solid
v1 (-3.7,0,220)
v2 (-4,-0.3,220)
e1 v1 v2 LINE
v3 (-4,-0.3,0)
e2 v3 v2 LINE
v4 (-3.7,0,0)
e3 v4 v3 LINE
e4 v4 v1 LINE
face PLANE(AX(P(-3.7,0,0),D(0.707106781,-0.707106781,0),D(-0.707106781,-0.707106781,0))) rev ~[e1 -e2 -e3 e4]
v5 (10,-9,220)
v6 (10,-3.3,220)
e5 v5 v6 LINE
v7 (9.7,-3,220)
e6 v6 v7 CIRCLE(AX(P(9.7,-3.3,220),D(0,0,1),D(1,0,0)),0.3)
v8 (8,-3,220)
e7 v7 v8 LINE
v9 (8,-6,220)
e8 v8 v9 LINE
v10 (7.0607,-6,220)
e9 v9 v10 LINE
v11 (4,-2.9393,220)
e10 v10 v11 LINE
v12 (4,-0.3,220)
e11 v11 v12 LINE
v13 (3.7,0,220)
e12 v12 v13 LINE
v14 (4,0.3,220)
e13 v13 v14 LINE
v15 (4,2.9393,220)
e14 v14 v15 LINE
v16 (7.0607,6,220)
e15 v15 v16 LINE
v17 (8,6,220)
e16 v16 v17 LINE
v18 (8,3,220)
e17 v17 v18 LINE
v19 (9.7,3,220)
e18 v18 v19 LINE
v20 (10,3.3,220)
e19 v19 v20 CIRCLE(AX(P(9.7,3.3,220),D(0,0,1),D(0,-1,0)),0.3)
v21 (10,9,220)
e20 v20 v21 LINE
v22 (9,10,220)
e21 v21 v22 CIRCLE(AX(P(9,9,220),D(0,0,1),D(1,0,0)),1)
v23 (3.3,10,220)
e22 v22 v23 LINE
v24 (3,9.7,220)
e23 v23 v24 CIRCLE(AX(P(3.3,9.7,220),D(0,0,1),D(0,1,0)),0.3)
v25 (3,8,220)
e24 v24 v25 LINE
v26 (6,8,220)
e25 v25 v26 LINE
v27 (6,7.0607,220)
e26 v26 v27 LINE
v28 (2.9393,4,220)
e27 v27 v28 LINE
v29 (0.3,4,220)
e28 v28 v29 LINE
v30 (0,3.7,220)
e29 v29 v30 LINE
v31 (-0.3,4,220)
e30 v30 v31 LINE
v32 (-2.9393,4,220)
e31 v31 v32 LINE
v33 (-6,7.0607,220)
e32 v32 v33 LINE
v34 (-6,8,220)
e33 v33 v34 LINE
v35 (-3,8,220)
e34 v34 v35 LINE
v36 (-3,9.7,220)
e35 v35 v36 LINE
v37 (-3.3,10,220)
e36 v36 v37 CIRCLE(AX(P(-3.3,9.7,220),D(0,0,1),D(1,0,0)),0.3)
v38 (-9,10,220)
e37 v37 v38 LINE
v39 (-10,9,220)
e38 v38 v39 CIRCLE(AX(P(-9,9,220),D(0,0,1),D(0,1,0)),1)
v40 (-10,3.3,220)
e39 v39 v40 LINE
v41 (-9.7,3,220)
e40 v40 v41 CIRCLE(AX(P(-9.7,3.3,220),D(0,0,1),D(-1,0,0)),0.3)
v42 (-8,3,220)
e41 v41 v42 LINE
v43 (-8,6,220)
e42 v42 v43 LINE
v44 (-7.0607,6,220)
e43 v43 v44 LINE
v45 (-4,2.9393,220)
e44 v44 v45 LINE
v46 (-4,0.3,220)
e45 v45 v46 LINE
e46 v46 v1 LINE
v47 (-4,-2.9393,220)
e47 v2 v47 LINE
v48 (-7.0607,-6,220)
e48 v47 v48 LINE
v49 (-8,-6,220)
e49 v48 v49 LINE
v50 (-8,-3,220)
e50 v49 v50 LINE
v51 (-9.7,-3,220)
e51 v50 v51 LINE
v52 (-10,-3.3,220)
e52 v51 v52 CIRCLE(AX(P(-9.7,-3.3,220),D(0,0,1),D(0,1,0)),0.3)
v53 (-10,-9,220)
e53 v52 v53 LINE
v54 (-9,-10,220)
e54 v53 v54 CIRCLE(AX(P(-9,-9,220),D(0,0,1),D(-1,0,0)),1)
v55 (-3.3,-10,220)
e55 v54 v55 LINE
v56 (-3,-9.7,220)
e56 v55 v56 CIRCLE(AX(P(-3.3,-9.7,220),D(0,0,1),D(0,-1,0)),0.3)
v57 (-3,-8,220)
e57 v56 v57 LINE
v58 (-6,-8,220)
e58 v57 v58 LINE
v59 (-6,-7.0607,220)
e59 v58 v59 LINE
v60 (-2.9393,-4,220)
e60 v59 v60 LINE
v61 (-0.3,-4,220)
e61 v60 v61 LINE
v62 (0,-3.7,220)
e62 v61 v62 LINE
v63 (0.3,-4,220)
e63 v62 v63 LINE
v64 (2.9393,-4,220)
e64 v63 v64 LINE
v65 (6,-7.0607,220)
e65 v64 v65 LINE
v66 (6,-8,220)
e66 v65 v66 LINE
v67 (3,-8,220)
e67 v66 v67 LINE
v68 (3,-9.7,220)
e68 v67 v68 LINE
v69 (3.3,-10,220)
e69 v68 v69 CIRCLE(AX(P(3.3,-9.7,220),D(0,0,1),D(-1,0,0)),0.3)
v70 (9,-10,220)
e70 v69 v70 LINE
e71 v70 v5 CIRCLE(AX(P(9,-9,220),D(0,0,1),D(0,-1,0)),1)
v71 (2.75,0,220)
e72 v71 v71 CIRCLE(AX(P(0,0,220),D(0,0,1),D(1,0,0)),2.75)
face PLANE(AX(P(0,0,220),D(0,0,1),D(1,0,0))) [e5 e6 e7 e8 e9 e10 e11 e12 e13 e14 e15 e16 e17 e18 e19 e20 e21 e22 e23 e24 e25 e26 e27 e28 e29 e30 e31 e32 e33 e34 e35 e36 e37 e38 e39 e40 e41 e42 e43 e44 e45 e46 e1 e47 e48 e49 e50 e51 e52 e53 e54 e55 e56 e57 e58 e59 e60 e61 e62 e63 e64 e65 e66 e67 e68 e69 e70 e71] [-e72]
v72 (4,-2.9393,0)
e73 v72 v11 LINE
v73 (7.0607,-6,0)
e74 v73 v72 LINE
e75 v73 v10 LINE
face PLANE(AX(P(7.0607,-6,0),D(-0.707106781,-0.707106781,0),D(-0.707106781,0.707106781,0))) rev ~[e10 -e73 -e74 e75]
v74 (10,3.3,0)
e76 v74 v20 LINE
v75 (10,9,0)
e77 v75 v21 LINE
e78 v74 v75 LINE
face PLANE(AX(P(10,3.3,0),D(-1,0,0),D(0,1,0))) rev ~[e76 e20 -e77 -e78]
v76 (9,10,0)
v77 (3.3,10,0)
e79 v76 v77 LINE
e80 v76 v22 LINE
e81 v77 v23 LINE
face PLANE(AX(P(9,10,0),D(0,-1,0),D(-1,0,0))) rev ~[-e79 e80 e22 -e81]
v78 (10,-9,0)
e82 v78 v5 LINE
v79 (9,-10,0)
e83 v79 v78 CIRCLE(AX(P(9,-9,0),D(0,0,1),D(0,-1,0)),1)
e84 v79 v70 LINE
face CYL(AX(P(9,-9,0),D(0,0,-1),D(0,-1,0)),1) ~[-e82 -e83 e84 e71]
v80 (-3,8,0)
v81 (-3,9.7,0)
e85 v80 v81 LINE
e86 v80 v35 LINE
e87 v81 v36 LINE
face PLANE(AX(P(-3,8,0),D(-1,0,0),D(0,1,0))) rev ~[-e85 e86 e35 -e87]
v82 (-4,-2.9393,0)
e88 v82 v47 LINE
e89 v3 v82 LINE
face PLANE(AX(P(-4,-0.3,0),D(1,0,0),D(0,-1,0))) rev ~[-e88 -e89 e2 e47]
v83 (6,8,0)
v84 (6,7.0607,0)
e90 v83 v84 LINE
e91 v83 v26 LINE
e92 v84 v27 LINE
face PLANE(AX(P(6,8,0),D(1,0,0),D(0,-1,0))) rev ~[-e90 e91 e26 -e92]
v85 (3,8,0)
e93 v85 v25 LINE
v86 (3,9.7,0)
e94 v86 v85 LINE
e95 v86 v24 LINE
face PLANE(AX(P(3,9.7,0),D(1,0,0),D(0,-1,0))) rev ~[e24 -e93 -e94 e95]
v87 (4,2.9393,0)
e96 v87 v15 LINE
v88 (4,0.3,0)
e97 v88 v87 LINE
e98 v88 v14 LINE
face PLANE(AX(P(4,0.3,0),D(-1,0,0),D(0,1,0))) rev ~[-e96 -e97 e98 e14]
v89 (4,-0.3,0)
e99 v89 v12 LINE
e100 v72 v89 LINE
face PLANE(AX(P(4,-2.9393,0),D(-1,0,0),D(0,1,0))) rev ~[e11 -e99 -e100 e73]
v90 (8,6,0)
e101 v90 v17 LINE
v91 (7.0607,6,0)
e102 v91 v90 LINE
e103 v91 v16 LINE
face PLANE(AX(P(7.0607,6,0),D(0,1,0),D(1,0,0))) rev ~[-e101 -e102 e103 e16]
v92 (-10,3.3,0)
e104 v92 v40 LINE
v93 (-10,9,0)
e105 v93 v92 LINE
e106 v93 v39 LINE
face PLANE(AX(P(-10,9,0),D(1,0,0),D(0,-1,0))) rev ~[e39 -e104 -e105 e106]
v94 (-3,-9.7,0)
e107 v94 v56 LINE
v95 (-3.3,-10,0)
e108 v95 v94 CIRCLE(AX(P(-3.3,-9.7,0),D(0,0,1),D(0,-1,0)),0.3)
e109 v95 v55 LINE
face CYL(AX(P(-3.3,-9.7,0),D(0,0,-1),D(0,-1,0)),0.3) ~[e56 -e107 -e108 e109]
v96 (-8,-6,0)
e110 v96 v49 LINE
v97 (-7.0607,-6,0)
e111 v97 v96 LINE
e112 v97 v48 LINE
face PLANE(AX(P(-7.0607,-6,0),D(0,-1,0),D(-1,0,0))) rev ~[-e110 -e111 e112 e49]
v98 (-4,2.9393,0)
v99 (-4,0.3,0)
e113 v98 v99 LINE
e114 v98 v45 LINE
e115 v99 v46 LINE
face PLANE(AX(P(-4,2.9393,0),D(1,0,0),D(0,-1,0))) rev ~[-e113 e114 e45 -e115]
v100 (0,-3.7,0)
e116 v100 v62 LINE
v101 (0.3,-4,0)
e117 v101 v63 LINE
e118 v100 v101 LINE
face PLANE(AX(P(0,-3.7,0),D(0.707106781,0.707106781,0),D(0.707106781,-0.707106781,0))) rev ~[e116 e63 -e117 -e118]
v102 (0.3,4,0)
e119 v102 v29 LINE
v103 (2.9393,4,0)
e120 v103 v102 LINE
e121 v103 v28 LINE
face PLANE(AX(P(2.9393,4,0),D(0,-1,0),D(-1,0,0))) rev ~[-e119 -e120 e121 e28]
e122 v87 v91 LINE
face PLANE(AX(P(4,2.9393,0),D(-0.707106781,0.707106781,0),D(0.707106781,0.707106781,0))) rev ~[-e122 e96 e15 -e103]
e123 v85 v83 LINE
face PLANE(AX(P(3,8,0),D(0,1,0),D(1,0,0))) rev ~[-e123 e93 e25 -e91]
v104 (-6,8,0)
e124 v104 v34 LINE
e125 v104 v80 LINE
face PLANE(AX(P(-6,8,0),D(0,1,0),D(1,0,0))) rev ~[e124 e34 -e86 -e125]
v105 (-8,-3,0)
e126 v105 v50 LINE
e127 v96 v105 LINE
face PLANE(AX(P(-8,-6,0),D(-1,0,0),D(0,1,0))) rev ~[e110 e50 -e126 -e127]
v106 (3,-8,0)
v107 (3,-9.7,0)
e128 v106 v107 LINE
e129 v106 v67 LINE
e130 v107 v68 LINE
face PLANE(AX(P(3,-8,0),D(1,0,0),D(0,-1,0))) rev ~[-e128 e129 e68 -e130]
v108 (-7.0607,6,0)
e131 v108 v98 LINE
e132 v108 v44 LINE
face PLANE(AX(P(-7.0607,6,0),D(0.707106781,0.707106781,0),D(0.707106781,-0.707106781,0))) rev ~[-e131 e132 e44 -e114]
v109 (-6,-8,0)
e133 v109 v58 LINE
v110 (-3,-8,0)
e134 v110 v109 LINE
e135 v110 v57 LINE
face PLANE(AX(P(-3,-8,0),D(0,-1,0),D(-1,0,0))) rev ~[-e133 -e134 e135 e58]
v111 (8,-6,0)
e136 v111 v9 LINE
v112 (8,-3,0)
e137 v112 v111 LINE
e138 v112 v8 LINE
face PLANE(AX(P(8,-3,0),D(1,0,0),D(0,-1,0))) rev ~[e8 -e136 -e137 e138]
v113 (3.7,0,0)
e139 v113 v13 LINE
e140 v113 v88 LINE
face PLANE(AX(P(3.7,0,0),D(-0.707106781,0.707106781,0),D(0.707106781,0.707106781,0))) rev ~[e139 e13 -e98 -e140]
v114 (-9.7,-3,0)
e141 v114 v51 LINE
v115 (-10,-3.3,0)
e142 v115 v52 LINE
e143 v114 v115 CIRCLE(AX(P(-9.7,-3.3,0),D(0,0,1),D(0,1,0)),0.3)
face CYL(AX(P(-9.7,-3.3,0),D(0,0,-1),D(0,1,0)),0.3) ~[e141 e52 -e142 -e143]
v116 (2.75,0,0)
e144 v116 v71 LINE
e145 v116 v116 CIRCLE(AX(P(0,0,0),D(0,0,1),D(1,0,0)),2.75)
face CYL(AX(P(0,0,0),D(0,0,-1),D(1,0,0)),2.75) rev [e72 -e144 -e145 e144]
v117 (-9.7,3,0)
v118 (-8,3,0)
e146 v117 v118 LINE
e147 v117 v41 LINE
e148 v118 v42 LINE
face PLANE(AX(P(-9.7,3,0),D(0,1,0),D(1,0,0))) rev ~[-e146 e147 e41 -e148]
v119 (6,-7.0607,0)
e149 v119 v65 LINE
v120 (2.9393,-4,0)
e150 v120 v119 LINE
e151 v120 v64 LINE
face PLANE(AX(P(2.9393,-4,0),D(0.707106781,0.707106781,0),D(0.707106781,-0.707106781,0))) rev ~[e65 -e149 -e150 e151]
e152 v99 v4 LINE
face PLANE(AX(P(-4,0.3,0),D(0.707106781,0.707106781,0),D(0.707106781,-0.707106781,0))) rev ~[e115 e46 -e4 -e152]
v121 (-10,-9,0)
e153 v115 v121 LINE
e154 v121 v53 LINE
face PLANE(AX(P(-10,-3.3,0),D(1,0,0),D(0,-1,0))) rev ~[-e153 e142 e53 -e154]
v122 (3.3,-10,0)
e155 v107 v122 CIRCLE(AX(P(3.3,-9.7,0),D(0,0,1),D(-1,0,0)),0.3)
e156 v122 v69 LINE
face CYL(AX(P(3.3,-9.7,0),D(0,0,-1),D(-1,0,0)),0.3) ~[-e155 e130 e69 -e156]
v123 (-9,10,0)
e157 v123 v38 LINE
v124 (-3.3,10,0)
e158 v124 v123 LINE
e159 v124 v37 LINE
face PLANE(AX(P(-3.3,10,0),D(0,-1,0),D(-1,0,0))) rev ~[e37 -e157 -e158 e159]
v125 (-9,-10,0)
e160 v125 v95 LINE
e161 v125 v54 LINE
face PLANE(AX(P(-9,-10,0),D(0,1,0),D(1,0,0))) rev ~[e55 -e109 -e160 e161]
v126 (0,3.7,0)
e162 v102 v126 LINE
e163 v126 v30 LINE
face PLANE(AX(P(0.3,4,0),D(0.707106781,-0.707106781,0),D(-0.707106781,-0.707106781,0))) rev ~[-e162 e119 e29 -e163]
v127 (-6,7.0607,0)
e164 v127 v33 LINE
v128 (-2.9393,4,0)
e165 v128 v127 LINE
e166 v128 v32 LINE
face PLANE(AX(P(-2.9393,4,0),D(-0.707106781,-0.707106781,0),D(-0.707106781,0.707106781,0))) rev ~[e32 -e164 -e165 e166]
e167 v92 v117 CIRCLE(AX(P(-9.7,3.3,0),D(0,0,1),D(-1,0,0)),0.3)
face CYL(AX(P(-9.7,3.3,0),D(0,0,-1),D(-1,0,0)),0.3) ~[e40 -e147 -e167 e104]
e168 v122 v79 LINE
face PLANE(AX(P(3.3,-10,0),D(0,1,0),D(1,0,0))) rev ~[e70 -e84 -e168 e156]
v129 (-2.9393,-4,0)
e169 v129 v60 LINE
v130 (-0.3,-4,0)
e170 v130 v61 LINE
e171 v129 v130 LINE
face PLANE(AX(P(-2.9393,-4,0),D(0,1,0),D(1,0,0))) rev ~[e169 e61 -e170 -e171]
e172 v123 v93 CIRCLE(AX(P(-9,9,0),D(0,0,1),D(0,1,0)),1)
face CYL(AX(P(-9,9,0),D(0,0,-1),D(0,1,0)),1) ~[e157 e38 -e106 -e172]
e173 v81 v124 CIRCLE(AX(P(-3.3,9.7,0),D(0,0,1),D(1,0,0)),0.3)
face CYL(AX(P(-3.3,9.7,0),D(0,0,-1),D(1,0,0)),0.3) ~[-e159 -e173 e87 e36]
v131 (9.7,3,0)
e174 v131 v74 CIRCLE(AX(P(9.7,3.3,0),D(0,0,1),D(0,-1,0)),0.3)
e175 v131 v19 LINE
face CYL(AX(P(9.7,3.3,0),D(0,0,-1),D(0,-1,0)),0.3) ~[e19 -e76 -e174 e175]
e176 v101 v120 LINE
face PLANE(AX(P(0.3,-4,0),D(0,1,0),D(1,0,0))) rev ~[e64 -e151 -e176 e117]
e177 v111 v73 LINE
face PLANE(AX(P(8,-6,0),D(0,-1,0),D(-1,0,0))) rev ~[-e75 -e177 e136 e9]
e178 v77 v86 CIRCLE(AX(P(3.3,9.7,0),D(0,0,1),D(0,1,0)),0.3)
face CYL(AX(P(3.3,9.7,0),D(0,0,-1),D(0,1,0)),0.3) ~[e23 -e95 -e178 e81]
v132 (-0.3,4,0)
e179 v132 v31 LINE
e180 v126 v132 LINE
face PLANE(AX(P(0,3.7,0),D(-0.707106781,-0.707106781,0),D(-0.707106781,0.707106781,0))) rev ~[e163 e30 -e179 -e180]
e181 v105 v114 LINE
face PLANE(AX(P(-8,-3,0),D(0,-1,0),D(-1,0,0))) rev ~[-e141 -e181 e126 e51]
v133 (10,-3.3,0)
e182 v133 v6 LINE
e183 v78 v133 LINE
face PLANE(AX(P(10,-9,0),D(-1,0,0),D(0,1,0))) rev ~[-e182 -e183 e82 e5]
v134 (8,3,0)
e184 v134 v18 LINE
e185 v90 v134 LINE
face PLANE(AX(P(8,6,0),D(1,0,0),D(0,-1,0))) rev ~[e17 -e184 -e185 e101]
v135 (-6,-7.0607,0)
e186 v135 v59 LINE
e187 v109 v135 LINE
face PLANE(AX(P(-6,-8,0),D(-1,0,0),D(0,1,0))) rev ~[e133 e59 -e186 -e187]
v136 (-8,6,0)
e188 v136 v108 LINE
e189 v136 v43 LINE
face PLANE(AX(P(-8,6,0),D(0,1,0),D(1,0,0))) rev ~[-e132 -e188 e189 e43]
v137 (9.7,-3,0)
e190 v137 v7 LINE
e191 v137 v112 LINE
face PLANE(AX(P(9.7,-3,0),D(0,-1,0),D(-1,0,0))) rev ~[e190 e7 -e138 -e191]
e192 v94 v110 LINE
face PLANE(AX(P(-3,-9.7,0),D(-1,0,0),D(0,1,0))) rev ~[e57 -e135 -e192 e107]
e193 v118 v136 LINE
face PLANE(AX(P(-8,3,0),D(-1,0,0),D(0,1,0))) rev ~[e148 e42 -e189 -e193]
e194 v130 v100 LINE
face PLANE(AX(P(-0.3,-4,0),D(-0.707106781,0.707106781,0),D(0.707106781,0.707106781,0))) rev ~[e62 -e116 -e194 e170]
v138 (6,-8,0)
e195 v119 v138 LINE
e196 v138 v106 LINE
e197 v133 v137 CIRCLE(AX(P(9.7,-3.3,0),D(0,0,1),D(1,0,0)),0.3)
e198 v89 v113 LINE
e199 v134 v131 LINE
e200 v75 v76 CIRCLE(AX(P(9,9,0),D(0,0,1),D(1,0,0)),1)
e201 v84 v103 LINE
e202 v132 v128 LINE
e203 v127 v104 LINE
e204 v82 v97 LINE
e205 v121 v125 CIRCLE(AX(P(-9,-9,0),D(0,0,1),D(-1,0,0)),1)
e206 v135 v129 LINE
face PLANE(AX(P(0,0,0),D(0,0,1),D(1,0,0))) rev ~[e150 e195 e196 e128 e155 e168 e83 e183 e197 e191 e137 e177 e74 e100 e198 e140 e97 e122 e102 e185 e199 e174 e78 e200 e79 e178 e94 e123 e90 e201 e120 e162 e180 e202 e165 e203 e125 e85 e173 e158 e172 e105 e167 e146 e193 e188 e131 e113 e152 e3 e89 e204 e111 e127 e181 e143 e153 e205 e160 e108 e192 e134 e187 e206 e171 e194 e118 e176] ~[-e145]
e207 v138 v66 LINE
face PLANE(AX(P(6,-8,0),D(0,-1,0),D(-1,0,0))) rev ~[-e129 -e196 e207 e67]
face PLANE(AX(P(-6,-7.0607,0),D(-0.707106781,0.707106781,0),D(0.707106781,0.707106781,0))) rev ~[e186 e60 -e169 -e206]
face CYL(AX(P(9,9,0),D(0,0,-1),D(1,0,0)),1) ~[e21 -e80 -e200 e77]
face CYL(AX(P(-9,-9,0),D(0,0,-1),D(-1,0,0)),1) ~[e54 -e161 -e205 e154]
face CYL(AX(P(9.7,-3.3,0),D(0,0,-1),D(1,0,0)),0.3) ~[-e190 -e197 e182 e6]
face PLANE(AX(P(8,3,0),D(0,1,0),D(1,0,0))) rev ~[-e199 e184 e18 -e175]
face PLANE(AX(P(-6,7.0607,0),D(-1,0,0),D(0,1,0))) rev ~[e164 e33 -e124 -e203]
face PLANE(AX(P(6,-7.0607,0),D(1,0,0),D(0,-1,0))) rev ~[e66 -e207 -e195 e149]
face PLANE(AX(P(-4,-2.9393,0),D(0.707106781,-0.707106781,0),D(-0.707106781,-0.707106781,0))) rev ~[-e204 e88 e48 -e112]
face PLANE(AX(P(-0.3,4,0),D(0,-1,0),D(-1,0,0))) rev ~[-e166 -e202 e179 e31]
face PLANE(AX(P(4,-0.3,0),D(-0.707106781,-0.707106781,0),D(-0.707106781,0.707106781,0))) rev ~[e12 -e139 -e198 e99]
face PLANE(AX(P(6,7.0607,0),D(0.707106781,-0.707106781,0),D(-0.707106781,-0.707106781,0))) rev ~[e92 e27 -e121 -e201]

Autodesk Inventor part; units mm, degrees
ref_plane "Startebene" through (0, 0, 0) normal (0, 0, 1) x (1, 0, 0)
ref_plane "Endebene" through (0, 0, 320) normal (0, 0, 1) x (1, 0, 0)
ref_plane "Startebene1" through (0, 0, 0) normal (0, 0, 1) x (1, 0, 0)
ref_plane "Endebene1" through (0, 0, 220) normal (0, 0, 1) x (1, 0, 0)
ref_plane "Startebene2" through (0, 0, 0) normal (0, 0, 1) x (1, 0, 0)
ref_plane "Endebene2" through (0, 0, 220) normal (0, 0, 1) x (1, 0, 0)
sketch "Skizze" plane through (0, 0, 0) normal (0, 0, 1) x (1, 0, 0)
  line L0 (-10, 9) -> (-10, 3.3)
  arc A0 (-10, 3.3) -> (-9.7, 3) centre (-9.7, 3.3) ccw
  line L1 (-9.7, 3) -> (-8, 3)
  line L2 (-8, 3) -> (-8, 6)
  line L3 (-8, 6) -> (-7.0607, 6)
  line L4 (-7.0607, 6) -> (-4, 2.9393)
  line L5 (-4, 2.9393) -> (-4, 0.3)
  line L6 (-4, 0.3) -> (-3.7, 0)
  line L7 (-3.7, 0) -> (-4, -0.3)
  line L8 (-4, -0.3) -> (-4, -2.9393)
  line L9 (-4, -2.9393) -> (-7.0607, -6)
  line L10 (-7.0607, -6) -> (-8, -6)
  line L11 (-8, -6) -> (-8, -3)
  line L12 (-8, -3) -> (-9.7, -3)
  arc A1 (-9.7, -3) -> (-10, -3.3) centre (-9.7, -3.3) ccw
  line L13 (-10, -3.3) -> (-10, -9)
  arc A2 (-10, -9) -> (-9, -10) centre (-9, -9) ccw
  line L14 (-9, -10) -> (-3.3, -10)
  arc A3 (-3.3, -10) -> (-3, -9.7) centre (-3.3, -9.7) ccw
  line L15 (-3, -9.7) -> (-3, -8)
  line L16 (-3, -8) -> (-6, -8)
  line L17 (-6, -8) -> (-6, -7.0607)
  line L18 (-6, -7.0607) -> (-2.9393, -4)
  line L19 (-2.9393, -4) -> (-0.3, -4)
  line L20 (-0.3, -4) -> (0, -3.7)
  line L21 (0, -3.7) -> (0.3, -4)
  line L22 (0.3, -4) -> (2.9393, -4)
  line L23 (2.9393, -4) -> (6, -7.0607)
  line L24 (6, -7.0607) -> (6, -8)
  line L25 (6, -8) -> (3, -8)
  line L26 (3, -8) -> (3, -9.7)
  arc A4 (3, -9.7) -> (3.3, -10) centre (3.3, -9.7) ccw
  line L27 (3.3, -10) -> (9, -10)
  arc A5 (9, -10) -> (10, -9) centre (9, -9) ccw
  line L28 (10, -9) -> (10, -3.3)
  arc A6 (10, -3.3) -> (9.7, -3) centre (9.7, -3.3) ccw
  line L29 (9.7, -3) -> (8, -3)
  line L30 (8, -3) -> (8, -6)
  line L31 (8, -6) -> (7.0607, -6)
  line L32 (7.0607, -6) -> (4, -2.9393)
  line L33 (4, -2.9393) -> (4, -0.3)
  line L34 (4, -0.3) -> (3.7, 0)
  line L35 (3.7, 0) -> (4, 0.3)
  line L36 (4, 0.3) -> (4, 2.9393)
  line L37 (4, 2.9393) -> (7.0607, 6)
  line L38 (7.0607, 6) -> (8, 6)
  line L39 (8, 6) -> (8, 3)
  line L40 (8, 3) -> (9.7, 3)
  arc A7 (9.7, 3) -> (10, 3.3) centre (9.7, 3.3) ccw
  line L41 (10, 3.3) -> (10, 9)
  arc A8 (10, 9) -> (9, 10) centre (9, 9) ccw
  line L42 (9, 10) -> (3.3, 10)
  arc A9 (3.3, 10) -> (3, 9.7) centre (3.3, 9.7) ccw
  line L43 (3, 9.7) -> (3, 8)
  line L44 (3, 8) -> (6, 8)
  line L45 (6, 8) -> (6, 7.0607)
  line L46 (6, 7.0607) -> (2.9393, 4)
  line L47 (2.9393, 4) -> (0.3, 4)
  line L48 (0.3, 4) -> (0, 3.7)
  line L49 (0, 3.7) -> (-0.3, 4)
  line L50 (-0.3, 4) -> (-2.9393, 4)
  line L51 (-2.9393, 4) -> (-6, 7.0607)
  line L52 (-6, 7.0607) -> (-6, 8)
  line L53 (-6, 8) -> (-3, 8)
  line L54 (-3, 8) -> (-3, 9.7)
  arc A10 (-3, 9.7) -> (-3.3, 10) centre (-3.3, 9.7) ccw
  line L55 (-3.3, 10) -> (-9, 10)
  arc A11 (-9, 10) -> (-10, 9) centre (-9, 9) ccw
  circle A12 centre (0, 0) radius 2.75
  dimension "d2" = 5.5
  dimension "d3" = 10
  dimension "d4" = 10
  dimension "d5" = 5.7
  dimension "d6" = 5.7
  dimension "d7" = 1.7
  dimension "d8" = 3
  dimension "d9" = 0.3
  dimension "d10" = 90
  dimension "d11" = 45
  dimension "d12" = 45
  dimension "d13" = 45
  dimension "d14" = 90
  dimension "d15" = 90
  dimension "d16" = 45
  dimension "d17" = 45
  dimension "d18" = 45
  dimension "d19" = 45
  dimension "d20" = 90
  dimension "d21" = 90
  dimension "d22" = 45
  dimension "d23" = 45
  dimension "d24" = 90
  dimension "d25" = 90
  dimension "d26" = 90
  dimension "d27" = 90
  dimension "d28" = 90
  dimension "d29" = 90
  dimension "d30" = 90
  dimension "d31" = 90
  dimension "d32" = 90
  dimension "d33" = 90
  dimension "d34" = 90
  dimension "d35" = 90
  dimension "d36" = 90
  dimension "d37" = 90
  dimension "d38" = 90
  dimension "d39" = 4
  dimension "d40" = 6
  dimension "d41" = 13
  dimension "d42" = 14
  dimension "d43" = 16
  dimension "d44" = 18
  dimension "d45" = 3
  dimension "d46" = 9
  dimension "d47" = 7
  dimension "d48" = 1
  dimension "d49" = 7
  dimension "d50" = 1.5
  dimension "d51" = 1.8663
  dimension "d52" = 3.3663
  dimension "d53" = 1.5
  dimension "d54" = 1.8663
  dimension "d55" = 3.3663
  dimension "d56" = 4
  dimension "d57" = 10.8187
  dimension "d58" = 1.9092
  dimension "d59" = 5
  dimension "d60" = 13
  dimension "d61" = 13
  dimension "d62" = 16.0513
  dimension "d63" = 3.3234
  dimension "d64" = 14
  dimension "d65" = 12.685
extrude "Körper" add sketch "Skizze" along normal up to surface (220 mm away) from surface at 0
sketch "Skizze13" plane through (0, 0, 0) normal (0, 0, 1) x (1, 0, 0)
  line L0 (0, 0) -> (10, 0)
ref_plane "Arbeitsebene12" through (0, 0, 0) normal (0, -1, 0) x (1, 0, 0)
sketch "Skizze14" plane through (0, 0, 0) normal (0, -1, 0) x (1, 0, 0)
  line L0 (-2, 0) -> (12, 0)
  line L1 (-2, 220) -> (12, 220)
  dimension "d80" = 220
equation "\"G_OFFSET_START\" = 0"
equation "\"G_OFFSET_END\" = 0"
equation "\"G_L\" = d80"
equation "\"G_OFFSET_START1\" = 0"
equation "\"G_OFFSET_END1\" = 0"
equation "\"G_OFFSET_START2\" = 0"
equation "\"G_OFFSET_END2\" = 0"
properties part number "Alu Profil 20x20 - AP2020" material "Aluminium 6061"
